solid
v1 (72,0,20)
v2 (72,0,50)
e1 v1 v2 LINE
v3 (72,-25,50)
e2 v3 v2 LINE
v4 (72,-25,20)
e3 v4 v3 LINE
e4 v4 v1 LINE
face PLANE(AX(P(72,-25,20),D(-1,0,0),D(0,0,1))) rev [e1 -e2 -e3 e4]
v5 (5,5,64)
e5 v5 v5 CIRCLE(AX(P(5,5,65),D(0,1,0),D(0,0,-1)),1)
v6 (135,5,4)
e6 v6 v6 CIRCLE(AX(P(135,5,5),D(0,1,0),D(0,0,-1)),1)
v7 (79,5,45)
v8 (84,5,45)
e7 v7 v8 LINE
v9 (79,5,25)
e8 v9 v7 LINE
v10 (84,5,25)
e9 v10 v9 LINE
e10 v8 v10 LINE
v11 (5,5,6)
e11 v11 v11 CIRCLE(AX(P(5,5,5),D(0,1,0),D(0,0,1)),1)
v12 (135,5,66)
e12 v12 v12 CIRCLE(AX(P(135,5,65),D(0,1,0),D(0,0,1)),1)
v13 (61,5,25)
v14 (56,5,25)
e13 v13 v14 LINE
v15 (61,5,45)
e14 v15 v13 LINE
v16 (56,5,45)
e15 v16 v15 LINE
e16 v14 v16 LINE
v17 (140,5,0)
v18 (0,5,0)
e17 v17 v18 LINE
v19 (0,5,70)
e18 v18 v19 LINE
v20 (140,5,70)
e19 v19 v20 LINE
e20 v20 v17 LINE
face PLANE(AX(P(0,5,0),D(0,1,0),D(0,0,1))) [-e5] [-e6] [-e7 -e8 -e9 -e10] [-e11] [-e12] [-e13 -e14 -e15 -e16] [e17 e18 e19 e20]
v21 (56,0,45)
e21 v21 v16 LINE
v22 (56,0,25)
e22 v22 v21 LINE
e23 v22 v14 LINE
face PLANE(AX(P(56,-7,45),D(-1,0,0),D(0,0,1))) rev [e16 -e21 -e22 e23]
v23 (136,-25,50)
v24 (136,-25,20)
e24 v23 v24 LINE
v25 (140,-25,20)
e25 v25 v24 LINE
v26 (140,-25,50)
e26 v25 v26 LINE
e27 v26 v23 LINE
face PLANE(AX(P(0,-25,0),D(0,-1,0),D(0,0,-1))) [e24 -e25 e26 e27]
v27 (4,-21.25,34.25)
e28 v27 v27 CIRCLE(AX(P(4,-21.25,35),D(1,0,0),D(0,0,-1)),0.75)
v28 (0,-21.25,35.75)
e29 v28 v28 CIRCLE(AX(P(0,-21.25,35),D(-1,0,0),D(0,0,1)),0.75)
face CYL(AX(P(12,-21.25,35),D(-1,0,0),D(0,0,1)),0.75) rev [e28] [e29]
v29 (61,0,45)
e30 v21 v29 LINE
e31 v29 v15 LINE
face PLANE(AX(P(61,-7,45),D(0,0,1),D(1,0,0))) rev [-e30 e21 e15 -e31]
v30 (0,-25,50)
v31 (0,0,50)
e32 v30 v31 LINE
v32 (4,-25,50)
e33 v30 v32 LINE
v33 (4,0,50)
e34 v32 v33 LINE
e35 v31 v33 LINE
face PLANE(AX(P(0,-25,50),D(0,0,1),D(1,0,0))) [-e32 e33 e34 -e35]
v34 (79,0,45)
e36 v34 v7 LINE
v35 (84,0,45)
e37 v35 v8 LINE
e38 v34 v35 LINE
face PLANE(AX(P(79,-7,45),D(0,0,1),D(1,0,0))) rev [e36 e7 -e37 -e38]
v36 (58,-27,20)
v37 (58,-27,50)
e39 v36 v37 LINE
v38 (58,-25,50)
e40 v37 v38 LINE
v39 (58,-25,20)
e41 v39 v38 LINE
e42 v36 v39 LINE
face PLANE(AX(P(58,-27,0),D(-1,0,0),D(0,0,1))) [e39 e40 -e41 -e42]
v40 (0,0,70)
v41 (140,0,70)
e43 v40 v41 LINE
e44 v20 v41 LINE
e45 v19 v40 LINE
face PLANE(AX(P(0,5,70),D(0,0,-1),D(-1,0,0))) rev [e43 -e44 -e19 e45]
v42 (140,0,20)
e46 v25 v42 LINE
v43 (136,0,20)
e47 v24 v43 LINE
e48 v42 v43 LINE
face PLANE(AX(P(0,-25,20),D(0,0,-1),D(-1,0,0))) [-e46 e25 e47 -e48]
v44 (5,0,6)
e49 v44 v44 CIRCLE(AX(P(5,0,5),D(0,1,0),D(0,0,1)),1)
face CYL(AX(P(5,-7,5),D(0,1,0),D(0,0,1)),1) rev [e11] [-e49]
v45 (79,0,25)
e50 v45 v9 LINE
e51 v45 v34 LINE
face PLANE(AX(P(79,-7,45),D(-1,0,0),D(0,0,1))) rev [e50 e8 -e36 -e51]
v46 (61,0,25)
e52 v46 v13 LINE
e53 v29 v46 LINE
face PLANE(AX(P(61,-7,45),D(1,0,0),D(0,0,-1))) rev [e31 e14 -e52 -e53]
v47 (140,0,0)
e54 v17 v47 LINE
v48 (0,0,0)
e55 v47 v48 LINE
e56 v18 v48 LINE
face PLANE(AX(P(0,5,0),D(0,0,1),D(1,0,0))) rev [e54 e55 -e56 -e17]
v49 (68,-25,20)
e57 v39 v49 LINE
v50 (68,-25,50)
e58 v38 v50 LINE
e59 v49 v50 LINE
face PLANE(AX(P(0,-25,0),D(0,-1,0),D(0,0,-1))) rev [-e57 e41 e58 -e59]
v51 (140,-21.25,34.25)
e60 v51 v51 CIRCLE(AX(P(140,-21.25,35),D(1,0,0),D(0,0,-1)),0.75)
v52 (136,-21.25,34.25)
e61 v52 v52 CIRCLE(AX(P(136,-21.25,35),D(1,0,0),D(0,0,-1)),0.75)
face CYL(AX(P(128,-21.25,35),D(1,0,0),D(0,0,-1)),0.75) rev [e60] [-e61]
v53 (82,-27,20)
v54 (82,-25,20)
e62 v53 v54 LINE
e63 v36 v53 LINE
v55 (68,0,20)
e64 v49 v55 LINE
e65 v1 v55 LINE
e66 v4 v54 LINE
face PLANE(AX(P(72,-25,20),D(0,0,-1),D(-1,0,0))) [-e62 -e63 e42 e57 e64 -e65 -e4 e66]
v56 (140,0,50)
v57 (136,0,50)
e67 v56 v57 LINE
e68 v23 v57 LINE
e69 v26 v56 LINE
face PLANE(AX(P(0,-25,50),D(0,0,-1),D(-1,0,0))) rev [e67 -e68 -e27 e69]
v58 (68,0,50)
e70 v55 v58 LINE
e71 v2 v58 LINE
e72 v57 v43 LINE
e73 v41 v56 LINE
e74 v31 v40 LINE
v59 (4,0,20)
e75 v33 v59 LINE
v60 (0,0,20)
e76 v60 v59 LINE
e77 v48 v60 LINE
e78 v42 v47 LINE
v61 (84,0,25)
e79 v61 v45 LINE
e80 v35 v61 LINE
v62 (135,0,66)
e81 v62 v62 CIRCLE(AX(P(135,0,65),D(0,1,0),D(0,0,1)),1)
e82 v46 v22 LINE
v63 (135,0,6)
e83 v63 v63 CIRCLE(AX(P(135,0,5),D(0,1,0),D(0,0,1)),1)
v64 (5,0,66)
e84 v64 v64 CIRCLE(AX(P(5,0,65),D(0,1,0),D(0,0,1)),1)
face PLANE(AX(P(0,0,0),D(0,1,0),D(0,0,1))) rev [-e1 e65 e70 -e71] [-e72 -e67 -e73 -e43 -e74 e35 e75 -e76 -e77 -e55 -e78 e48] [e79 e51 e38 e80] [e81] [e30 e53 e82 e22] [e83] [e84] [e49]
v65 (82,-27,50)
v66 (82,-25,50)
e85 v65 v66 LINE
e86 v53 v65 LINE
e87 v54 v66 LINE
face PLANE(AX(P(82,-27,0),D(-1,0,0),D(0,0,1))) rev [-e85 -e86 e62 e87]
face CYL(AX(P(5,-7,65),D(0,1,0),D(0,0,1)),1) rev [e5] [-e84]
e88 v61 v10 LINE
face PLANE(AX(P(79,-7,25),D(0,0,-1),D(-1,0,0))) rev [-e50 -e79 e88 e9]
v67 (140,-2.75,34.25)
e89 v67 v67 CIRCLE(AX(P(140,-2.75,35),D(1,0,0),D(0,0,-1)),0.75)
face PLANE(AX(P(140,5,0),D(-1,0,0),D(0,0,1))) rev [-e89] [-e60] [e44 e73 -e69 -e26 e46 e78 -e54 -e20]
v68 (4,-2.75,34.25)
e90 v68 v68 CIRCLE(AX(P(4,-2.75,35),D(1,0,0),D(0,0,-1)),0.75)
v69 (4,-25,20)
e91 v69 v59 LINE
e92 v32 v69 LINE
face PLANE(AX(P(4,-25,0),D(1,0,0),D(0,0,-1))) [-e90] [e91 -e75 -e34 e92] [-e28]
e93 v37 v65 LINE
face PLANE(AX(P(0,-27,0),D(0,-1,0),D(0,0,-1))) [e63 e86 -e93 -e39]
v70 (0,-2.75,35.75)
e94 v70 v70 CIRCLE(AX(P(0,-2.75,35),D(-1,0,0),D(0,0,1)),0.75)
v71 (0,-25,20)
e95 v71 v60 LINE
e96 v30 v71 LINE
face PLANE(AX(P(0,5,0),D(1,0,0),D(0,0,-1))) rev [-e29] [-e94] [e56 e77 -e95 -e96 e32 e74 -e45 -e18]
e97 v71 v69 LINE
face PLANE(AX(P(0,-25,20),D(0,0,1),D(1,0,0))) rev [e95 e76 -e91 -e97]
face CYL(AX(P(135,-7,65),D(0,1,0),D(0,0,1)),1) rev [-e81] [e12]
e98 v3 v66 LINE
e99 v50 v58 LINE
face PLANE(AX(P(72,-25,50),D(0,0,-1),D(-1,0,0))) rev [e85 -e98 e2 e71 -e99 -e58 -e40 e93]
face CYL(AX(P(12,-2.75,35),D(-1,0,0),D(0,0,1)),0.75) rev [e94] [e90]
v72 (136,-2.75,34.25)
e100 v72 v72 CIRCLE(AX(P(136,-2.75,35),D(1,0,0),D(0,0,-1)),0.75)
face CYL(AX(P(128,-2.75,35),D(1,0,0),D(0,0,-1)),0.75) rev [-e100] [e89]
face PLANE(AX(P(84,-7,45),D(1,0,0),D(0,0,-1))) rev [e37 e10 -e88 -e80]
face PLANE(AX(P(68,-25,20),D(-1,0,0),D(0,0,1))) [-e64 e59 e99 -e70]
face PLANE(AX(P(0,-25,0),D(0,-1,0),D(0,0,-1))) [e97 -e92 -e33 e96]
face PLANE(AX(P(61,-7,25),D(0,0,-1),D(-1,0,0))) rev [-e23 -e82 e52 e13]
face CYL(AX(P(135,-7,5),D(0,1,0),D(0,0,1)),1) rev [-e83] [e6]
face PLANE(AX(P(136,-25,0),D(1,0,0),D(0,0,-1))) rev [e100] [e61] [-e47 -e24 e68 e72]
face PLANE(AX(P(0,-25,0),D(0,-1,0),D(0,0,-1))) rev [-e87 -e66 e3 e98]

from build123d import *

# Parameters (mm, degrees)
SZKIC1_W                    = 140
SZKIC1_H                    = 70
DODANIE_WYCI_GNI_CIE1_DEPTH = 5
SZKIC2_W                    = 4
SZKIC2_H                    = 30
DODANIE_WYCI_GNI_CIE2_DEPTH = 25
SZKIC3_W                    = 10
SZKIC3_H                    = 30
SZKIC3_W_2                  = 2
DODANIE_WYCI_GNI_CIE3_DEPTH = 2
SZKIC4_R                    = 0.75
WYTNIJ_WYCI_GNI_CIE1_DEPTH  = 12
WYTNIJ_WYCI_GNI_CIE2_START  = -12
SZKIC5_R                    = 0.75
WYTNIJ_WYCI_GNI_CIE2_DEPTH  = 12
SZKIC6_W                    = 5
SZKIC6_H                    = 20
WYTNIJ_WYCI_GNI_CIE3_DEPTH  = 12
SZKIC8_R                    = 1
WYTNIJ_WYCI_GNI_CIE4_DEPTH  = 12


with BuildPart() as part:
    # Szkic1 → Dodanie-wyciągnięcie1 (new body)
    with BuildSketch(Plane(origin=(0, 0, 0), x_dir=(1, 0, 0), z_dir=(0, 1, 0))):
        with Locations((70, -35)):
            Rectangle(SZKIC1_W, SZKIC1_H)
    extrude(amount=DODANIE_WYCI_GNI_CIE1_DEPTH)

    # Szkic2 → Dodanie-wyciągnięcie2 (add)
    with BuildSketch(Plane.XZ):
        with Locations((2, 35)):
            Rectangle(SZKIC2_W, SZKIC2_H)
        with Locations((138, 35)):
            Rectangle(SZKIC2_W, SZKIC2_H)
        with Locations((70, 35)):
            Rectangle(SZKIC2_W, SZKIC2_H)
    extrude(amount=DODANIE_WYCI_GNI_CIE2_DEPTH)

    # Szkic3 → Dodanie-wyciągnięcie3 (add)
    with BuildSketch(Plane.XZ.offset(25)):
        with Locations((77, 35)):
            Rectangle(SZKIC3_W, SZKIC3_H)
        with Locations((63, 35)):
            Rectangle(SZKIC3_W, SZKIC3_H)
        with Locations((71, 35)):
            Rectangle(SZKIC3_W_2, SZKIC3_H)
        with Locations((69, 35)):
            Rectangle(SZKIC3_W_2, SZKIC3_H)
    extrude(amount=DODANIE_WYCI_GNI_CIE3_DEPTH)

    # Szkic4 → Wytnij-wyciągnięcie1 (cut)
    with BuildSketch(Plane.ZY):
        with Locations((35, -2.75)):
            Circle(SZKIC4_R)
        with Locations((35, -21.25)):
            Circle(SZKIC4_R)
    extrude(amount=-WYTNIJ_WYCI_GNI_CIE1_DEPTH, mode=Mode.SUBTRACT)

    # Szkic5 → Wytnij-wyciągnięcie2 (cut)
    with BuildSketch(Plane(origin=(140, 0, 0), x_dir=(0, 0, -1), z_dir=(1, 0, 0)).offset(WYTNIJ_WYCI_GNI_CIE2_START)):
        with Locations(Location((-35, -21.25, 0), (0, 0, 180))):
            Circle(SZKIC5_R)
        with Locations(Location((-35, -2.75, 0), (0, 0, 180))):
            Circle(SZKIC5_R)
    extrude(amount=WYTNIJ_WYCI_GNI_CIE2_DEPTH, mode=Mode.SUBTRACT)

    # Szkic6 → Wytnij-wyciągnięcie3 (cut)
    with BuildSketch(Plane(origin=(0, 5, 0), x_dir=(1, 0, 0), z_dir=(0, 1, 0))):
        with Locations((58.5, -35)):
            Rectangle(SZKIC6_W, SZKIC6_H)
        with Locations((81.5, -35)):
            Rectangle(SZKIC6_W, SZKIC6_H)
    extrude(amount=-WYTNIJ_WYCI_GNI_CIE3_DEPTH, mode=Mode.SUBTRACT)

    # Szkic8 → Wytnij-wyciągnięcie4 (cut)
    with BuildSketch(Plane(origin=(0, 5, 0), x_dir=(1, 0, 0), z_dir=(0, 1, 0))):
        with Locations(Location((135, -65, 0), (0, 0, 270))):
            Circle(SZKIC8_R)
        with Locations(Location((135, -5, 0), (0, 0, 270))):
            Circle(SZKIC8_R)
        with Locations(Location((5, -5, 0), (0, 0, 270))):
            Circle(SZKIC8_R)
        with Locations(Location((5, -65, 0), (0, 0, 270))):
            Circle(SZKIC8_R)
    extrude(amount=-WYTNIJ_WYCI_GNI_CIE4_DEPTH, mode=Mode.SUBTRACT)


solid = part.part
